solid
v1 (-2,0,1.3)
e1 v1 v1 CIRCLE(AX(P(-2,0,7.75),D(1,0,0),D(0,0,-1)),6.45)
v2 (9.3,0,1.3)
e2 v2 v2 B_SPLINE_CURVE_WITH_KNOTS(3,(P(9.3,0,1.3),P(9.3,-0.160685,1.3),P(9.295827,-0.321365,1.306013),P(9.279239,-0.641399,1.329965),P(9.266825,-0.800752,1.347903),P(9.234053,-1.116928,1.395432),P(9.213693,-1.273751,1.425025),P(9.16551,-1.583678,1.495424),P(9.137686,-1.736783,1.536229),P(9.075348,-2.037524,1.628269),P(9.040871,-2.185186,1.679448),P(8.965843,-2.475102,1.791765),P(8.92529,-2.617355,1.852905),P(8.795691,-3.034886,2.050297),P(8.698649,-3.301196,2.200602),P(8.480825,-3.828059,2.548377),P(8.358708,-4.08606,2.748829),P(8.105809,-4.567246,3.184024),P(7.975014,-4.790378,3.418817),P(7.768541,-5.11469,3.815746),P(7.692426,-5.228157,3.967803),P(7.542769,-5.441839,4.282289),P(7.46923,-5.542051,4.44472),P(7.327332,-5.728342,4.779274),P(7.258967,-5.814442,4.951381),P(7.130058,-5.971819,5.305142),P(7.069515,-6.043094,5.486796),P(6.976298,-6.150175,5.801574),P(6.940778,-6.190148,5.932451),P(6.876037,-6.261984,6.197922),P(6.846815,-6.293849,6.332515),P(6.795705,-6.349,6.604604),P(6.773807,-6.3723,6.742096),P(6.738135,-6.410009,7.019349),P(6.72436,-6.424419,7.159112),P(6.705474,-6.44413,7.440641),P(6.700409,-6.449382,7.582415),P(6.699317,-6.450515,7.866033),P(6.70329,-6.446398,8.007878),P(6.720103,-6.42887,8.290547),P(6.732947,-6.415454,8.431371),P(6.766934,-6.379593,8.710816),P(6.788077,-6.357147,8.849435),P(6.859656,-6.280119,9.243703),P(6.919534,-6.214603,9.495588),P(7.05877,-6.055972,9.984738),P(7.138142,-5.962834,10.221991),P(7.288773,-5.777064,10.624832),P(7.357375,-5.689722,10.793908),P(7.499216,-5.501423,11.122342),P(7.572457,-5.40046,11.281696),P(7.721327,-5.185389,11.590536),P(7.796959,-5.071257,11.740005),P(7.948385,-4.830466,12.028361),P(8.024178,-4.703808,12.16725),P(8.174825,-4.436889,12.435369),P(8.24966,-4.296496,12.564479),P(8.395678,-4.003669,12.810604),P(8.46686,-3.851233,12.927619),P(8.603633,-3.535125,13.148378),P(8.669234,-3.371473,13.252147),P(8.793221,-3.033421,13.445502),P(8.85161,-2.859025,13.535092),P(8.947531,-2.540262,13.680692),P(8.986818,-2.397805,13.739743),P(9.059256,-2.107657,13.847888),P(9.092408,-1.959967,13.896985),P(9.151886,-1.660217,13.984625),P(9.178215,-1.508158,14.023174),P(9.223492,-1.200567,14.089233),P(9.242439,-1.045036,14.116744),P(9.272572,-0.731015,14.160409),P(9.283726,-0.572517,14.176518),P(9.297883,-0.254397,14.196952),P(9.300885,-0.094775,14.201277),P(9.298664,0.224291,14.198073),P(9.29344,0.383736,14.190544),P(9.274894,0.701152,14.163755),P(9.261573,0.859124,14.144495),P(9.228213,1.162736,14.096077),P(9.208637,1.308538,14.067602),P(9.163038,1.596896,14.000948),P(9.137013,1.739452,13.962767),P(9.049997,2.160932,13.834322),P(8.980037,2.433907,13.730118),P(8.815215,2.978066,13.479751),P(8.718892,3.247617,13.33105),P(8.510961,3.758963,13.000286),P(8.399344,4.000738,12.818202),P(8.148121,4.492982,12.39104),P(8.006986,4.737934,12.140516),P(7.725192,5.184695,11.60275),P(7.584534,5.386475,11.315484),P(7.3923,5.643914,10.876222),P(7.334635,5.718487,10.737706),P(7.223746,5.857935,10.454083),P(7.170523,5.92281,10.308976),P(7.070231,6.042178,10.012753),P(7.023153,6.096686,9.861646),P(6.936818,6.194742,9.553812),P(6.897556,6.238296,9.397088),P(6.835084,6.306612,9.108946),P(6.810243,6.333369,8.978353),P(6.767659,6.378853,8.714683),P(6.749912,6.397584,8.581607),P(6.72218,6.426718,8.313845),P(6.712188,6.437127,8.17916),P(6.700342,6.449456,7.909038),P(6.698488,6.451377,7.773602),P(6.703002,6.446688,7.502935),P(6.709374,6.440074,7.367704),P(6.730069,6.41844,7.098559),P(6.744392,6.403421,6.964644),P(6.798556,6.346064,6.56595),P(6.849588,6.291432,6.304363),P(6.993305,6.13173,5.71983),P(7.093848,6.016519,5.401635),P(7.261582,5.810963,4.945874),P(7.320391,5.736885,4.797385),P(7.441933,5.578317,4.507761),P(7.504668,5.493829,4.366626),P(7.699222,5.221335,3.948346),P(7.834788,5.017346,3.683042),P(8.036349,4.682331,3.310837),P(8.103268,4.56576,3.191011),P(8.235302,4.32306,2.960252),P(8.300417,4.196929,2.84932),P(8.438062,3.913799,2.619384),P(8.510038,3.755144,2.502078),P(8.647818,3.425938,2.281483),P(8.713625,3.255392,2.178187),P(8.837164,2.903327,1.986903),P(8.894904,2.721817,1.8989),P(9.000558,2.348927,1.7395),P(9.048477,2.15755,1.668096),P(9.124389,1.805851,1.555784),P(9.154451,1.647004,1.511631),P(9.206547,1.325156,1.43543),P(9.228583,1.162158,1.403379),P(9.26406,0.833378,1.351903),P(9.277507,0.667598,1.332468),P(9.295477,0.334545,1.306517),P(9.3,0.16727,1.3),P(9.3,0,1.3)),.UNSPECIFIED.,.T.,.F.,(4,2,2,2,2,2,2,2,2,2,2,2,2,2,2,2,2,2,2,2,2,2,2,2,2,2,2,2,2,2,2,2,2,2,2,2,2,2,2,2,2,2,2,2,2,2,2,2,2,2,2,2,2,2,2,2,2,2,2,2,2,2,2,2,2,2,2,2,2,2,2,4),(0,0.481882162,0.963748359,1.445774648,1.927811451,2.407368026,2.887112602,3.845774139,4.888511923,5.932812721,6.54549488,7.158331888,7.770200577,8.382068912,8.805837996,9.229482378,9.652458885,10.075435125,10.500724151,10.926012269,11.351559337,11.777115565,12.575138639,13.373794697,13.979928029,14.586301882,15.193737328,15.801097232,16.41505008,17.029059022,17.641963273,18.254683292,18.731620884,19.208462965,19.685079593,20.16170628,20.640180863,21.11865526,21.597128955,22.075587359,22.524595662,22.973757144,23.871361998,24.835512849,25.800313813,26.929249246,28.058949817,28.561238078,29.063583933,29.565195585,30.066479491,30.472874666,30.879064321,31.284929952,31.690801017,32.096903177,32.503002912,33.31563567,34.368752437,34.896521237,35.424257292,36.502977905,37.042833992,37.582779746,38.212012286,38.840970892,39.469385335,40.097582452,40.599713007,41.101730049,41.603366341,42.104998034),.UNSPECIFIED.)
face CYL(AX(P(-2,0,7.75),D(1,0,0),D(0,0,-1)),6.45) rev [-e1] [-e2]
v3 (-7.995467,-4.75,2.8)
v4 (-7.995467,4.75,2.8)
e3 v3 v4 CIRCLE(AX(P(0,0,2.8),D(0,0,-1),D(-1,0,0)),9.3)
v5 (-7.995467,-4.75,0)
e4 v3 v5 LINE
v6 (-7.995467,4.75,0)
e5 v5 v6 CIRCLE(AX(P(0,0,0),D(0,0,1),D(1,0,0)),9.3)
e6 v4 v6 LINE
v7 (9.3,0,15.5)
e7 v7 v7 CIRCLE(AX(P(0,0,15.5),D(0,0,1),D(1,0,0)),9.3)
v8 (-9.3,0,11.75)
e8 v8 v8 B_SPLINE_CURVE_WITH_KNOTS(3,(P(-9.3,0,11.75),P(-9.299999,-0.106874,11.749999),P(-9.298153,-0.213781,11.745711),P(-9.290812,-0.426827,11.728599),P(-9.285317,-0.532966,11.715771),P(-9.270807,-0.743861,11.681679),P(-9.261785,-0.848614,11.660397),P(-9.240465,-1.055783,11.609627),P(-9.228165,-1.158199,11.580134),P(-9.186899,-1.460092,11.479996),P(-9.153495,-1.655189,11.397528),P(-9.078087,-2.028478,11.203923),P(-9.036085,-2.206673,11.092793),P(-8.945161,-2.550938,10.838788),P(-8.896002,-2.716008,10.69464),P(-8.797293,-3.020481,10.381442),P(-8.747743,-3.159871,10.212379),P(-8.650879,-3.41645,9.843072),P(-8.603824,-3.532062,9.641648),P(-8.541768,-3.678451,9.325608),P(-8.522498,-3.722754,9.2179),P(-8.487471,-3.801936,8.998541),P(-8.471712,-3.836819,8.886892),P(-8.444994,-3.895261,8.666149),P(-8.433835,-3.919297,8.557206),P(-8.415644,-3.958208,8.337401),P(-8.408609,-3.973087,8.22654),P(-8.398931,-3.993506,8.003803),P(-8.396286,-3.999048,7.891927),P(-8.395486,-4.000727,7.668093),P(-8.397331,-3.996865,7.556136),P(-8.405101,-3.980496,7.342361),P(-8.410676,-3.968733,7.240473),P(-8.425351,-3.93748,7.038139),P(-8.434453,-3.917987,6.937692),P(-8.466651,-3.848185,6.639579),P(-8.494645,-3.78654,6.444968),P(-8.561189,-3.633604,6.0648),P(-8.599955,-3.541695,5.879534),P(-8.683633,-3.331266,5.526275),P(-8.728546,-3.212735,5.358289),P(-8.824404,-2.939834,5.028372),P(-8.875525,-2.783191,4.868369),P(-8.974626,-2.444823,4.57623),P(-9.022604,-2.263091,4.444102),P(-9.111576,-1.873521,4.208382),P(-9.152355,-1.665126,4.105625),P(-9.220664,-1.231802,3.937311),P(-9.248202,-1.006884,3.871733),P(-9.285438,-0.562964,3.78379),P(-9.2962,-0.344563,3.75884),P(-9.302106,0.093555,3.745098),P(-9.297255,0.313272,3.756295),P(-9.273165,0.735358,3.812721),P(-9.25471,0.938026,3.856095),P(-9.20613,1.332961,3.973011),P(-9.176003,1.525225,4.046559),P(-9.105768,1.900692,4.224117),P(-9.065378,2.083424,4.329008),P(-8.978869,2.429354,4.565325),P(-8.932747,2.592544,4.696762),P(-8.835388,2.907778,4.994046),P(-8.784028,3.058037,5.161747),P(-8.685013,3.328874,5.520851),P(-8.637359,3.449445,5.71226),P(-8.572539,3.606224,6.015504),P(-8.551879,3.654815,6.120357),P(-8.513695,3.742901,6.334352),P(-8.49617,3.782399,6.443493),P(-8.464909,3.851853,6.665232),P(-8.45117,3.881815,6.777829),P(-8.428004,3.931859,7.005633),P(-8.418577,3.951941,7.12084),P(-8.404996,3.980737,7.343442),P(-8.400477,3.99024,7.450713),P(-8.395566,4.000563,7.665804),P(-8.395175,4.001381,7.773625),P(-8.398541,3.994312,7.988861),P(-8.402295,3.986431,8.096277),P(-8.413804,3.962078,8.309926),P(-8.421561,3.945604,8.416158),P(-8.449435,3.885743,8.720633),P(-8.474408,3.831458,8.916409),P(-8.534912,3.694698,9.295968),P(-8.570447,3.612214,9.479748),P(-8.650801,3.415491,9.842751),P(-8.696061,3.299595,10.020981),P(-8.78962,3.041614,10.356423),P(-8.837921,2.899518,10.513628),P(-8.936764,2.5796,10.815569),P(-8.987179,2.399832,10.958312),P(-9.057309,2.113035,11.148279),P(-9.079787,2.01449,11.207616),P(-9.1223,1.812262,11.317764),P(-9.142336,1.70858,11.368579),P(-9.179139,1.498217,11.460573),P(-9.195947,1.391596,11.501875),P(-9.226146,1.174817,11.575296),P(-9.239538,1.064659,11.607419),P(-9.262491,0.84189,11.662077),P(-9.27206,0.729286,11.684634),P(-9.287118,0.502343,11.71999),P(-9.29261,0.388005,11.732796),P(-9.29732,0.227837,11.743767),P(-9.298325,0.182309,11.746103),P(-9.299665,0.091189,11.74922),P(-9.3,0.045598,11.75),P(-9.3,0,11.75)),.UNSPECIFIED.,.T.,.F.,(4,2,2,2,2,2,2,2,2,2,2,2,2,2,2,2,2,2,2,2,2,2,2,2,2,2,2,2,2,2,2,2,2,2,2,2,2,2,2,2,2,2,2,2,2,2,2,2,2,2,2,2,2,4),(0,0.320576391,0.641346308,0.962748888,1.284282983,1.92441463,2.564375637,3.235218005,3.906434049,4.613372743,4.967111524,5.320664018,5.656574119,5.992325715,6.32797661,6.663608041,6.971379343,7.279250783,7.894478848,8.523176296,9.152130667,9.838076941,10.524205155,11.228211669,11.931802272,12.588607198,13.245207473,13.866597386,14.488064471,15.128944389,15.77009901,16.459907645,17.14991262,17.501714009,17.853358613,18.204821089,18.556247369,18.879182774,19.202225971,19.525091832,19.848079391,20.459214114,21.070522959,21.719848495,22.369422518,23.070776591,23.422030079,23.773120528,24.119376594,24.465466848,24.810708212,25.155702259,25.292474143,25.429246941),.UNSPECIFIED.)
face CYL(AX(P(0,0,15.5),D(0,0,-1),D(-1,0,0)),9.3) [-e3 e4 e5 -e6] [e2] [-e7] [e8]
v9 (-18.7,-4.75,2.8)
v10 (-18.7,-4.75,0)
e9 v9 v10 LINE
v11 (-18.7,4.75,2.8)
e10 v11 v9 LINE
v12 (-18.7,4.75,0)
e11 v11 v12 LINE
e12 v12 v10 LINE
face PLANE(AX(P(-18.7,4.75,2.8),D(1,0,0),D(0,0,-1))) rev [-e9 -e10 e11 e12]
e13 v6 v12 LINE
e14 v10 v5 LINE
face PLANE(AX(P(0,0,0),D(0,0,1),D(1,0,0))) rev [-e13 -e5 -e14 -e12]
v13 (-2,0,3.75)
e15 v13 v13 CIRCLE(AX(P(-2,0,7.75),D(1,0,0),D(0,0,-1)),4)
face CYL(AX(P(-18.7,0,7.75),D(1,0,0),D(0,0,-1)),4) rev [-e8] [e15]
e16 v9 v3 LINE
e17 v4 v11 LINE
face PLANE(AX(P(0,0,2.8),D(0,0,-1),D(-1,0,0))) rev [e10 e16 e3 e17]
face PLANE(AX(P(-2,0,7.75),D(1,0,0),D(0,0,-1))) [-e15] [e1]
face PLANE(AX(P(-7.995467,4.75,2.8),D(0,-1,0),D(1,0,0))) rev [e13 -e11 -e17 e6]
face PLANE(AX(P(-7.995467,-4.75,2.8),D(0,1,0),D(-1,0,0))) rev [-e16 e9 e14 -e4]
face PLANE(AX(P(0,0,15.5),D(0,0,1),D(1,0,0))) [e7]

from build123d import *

# Parameters (mm, degrees)
SKETCH_1_R               = 9.3
EXTRUDE_1_DEPTH          = 15.5
SKETCH_2_W               = 10.704532534
SKETCH_2_H               = 9.5
EXTRUDE_2_DEPTH          = 2.8
SKETCH_3_R               = 6.45
CUT_EXTRUDE_1_DEPTH      = 10.3
CUT_EXTRUDE_1_DEPTH_BACK = 2
SKETCH_4_R               = 4
CUT_EXTRUDE_2_DEPTH      = 17.7


with BuildPart() as part:
    # Эскиз1 → Бобышка-Вытянуть1 (new body)
    with BuildSketch(Plane.XY):
        Circle(SKETCH_1_R)
    extrude(amount=EXTRUDE_1_DEPTH)

    # Эскиз2 → Бобышка-Вытянуть2 (add)
    with BuildSketch(Plane.XY):
        with Locations((-13.347733733, 0)):
            Rectangle(SKETCH_2_W, SKETCH_2_H)
    extrude(amount=EXTRUDE_2_DEPTH)

    # Эскиз3 → Вырез-Вытянуть1 (cut, two sides)
    with BuildSketch(Plane(origin=(0, 0, 0), x_dir=(0, 0, -1), z_dir=(1, 0, 0))) as cut_extrude_1_sk:
        with Locations((-7.75, 0)):
            Circle(SKETCH_3_R)
    extrude(amount=CUT_EXTRUDE_1_DEPTH, mode=Mode.SUBTRACT)
    extrude(cut_extrude_1_sk.sketch, amount=-CUT_EXTRUDE_1_DEPTH_BACK, mode=Mode.SUBTRACT)

    # Эскиз4 → Вырез-Вытянуть2 (cut, through all)
    with BuildSketch(Plane(origin=(-2, 0, 0), x_dir=(0, 0, -1), z_dir=(1, 0, 0))):
        with Locations((-7.75, 0)):
            Circle(SKETCH_4_R)
    extrude(amount=-CUT_EXTRUDE_2_DEPTH, mode=Mode.SUBTRACT)


solid = part.part
